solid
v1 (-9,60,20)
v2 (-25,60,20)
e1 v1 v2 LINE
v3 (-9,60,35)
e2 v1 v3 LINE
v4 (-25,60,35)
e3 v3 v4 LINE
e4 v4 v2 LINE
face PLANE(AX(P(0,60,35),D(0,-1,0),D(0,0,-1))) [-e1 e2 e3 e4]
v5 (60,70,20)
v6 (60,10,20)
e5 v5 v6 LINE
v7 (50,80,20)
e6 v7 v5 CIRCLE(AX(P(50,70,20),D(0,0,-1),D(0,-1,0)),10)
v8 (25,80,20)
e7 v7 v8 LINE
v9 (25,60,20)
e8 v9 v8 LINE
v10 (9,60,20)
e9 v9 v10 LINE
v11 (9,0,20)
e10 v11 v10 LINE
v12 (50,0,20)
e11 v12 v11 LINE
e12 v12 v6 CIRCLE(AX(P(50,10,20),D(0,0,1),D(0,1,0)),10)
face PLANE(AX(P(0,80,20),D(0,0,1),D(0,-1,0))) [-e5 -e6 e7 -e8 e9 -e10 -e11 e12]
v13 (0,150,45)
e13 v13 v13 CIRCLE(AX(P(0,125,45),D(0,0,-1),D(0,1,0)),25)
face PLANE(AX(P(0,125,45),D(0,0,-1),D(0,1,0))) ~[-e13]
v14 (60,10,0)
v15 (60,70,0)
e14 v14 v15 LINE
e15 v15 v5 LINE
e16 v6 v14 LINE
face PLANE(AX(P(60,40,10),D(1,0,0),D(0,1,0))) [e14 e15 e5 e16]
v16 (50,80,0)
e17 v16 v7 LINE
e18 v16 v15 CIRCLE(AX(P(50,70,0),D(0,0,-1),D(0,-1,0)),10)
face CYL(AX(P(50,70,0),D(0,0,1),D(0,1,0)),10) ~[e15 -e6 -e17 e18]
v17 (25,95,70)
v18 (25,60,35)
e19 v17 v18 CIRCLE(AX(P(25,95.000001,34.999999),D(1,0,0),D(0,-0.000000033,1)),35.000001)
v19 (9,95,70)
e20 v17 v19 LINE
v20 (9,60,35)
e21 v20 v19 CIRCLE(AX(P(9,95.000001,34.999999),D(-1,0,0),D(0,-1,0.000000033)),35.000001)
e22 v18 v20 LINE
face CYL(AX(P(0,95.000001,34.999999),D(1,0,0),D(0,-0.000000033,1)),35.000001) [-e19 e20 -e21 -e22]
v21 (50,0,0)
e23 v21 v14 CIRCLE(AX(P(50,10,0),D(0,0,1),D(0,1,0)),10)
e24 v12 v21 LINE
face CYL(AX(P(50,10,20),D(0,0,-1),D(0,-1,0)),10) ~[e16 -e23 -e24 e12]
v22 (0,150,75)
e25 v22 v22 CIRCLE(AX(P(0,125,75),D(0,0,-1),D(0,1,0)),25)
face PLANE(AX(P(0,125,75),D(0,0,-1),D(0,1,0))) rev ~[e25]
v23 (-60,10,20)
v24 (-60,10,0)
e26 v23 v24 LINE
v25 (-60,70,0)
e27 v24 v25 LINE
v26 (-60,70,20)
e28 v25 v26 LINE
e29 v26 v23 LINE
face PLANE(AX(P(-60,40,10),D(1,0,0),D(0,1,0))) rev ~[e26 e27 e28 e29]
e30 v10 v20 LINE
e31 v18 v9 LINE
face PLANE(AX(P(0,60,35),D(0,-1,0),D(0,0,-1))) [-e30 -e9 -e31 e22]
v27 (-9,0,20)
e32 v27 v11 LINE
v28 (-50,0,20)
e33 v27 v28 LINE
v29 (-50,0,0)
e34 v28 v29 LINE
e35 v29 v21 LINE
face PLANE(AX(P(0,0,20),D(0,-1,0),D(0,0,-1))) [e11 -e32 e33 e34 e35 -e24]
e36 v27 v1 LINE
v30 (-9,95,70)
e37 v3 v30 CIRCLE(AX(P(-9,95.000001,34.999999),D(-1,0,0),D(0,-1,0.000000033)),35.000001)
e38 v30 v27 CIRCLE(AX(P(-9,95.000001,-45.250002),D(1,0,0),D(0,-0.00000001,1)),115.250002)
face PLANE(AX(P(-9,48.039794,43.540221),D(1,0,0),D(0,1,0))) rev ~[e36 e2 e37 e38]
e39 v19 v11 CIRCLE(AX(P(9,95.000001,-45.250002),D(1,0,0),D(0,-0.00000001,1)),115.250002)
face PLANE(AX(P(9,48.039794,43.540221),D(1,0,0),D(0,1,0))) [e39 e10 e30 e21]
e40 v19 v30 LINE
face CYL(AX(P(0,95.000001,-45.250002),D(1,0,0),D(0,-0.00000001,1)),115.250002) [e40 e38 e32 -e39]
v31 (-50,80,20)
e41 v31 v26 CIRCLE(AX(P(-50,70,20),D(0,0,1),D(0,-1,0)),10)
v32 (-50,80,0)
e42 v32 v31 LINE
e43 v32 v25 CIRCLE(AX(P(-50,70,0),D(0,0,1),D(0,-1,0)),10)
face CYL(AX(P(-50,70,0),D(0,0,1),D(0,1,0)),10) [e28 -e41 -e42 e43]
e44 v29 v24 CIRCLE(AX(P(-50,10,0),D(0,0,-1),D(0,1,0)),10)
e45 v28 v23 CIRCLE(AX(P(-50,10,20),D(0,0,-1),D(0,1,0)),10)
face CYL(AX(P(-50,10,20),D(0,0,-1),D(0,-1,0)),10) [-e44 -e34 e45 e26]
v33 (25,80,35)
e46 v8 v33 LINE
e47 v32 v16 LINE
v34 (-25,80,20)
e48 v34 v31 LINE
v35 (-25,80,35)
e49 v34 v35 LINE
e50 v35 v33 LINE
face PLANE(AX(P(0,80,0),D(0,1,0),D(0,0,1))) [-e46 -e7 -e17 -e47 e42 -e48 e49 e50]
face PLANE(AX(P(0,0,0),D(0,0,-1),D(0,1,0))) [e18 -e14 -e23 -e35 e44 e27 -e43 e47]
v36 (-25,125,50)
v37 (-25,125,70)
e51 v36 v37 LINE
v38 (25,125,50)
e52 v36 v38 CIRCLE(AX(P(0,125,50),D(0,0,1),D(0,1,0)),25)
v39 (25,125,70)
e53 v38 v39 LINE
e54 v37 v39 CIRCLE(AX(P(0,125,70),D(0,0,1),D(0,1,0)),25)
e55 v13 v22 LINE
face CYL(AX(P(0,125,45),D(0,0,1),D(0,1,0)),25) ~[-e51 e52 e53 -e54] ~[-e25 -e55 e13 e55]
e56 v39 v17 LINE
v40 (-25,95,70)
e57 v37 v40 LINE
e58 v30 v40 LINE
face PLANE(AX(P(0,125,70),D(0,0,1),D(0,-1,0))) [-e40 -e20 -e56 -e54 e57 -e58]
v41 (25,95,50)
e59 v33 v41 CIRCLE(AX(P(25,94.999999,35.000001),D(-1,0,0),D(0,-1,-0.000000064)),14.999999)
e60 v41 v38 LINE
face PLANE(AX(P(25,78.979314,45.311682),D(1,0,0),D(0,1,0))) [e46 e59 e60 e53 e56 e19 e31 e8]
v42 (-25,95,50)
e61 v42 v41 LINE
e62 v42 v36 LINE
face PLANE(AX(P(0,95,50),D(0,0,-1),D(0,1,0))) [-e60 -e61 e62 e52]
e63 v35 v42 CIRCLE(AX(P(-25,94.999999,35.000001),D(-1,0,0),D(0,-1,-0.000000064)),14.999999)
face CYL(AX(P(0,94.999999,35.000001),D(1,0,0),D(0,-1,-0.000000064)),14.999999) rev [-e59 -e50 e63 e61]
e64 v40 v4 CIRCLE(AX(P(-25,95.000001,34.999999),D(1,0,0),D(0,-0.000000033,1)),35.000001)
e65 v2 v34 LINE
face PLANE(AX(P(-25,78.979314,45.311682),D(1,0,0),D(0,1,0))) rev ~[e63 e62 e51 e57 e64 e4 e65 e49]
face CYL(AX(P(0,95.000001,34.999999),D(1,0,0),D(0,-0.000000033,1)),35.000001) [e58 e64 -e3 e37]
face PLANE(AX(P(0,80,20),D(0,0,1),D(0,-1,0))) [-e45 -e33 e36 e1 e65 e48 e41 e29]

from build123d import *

# Parameters (mm, degrees)
F1_DEPTH = 60
F2_DEPTH = 9
F0_W     = 25
F0_H     = 20
F3_DEPTH = 25
F5_R     = 10


with BuildPart() as f1:
    # F0 (on Right) → F1 (new body, symmetric)
    with BuildSketch(Plane.YZ):
        Polygon((0, 20), (0, 0), (80, 0), (80, 20), (60, 20), align=None)
    extrude(amount=F1_DEPTH, both=True)

    # F0 (on Right) → F2 (join, symmetric)
    with BuildSketch(Plane.YZ):
        with BuildLine():
            ThreePointArc((95, 70), (41.322724, 56.736825), (0, 20))
            Line((0, 20), (60, 20))
            Line((60, 20), (60, 35))
            ThreePointArc((60, 35), (70.251263, 59.748737), (95, 70))
        make_face()
    extrude(amount=F2_DEPTH, both=True)

    # F0 (on Right) → F3 (join, symmetric)
    with BuildSketch(Plane.YZ):
        with BuildLine():
            Line((60, 20), (80, 20))
            Line((80, 20), (80, 35))
            ThreePointArc((80, 35), (84.393398, 45.606602), (95, 50))
            Line((95, 50), (100, 50))
            Line((100, 50), (100, 70))
            Line((100, 70), (95, 70))
            ThreePointArc((95, 70), (70.251263, 59.748737), (60, 35))
            Line((60, 35), (60, 20))
        make_face()
        with Locations((112.5, 60)):
            Rectangle(F0_W, F0_H)
    extrude(amount=F3_DEPTH, both=True)

    # F0 (on Right) → F4 (revolve)
    with BuildSketch(Plane.YZ):
        Polygon((125, 75), (125, 70), (125, 50), (125, 45), (150, 45), (150, 75), align=None)
    revolve(axis=Axis((0, 125, 47.5), (0, 0, -1)))

    # F5
    f5_edges = [f1.edges().sort_by_distance(p)[0] for p in [
        (60, 0, 10),
        (60, 80, 10),
        (-60, 80, 10),
        (-60, 0, 10),
    ]]
    fillet(f5_edges, radius=F5_R)


solid = f1.part
